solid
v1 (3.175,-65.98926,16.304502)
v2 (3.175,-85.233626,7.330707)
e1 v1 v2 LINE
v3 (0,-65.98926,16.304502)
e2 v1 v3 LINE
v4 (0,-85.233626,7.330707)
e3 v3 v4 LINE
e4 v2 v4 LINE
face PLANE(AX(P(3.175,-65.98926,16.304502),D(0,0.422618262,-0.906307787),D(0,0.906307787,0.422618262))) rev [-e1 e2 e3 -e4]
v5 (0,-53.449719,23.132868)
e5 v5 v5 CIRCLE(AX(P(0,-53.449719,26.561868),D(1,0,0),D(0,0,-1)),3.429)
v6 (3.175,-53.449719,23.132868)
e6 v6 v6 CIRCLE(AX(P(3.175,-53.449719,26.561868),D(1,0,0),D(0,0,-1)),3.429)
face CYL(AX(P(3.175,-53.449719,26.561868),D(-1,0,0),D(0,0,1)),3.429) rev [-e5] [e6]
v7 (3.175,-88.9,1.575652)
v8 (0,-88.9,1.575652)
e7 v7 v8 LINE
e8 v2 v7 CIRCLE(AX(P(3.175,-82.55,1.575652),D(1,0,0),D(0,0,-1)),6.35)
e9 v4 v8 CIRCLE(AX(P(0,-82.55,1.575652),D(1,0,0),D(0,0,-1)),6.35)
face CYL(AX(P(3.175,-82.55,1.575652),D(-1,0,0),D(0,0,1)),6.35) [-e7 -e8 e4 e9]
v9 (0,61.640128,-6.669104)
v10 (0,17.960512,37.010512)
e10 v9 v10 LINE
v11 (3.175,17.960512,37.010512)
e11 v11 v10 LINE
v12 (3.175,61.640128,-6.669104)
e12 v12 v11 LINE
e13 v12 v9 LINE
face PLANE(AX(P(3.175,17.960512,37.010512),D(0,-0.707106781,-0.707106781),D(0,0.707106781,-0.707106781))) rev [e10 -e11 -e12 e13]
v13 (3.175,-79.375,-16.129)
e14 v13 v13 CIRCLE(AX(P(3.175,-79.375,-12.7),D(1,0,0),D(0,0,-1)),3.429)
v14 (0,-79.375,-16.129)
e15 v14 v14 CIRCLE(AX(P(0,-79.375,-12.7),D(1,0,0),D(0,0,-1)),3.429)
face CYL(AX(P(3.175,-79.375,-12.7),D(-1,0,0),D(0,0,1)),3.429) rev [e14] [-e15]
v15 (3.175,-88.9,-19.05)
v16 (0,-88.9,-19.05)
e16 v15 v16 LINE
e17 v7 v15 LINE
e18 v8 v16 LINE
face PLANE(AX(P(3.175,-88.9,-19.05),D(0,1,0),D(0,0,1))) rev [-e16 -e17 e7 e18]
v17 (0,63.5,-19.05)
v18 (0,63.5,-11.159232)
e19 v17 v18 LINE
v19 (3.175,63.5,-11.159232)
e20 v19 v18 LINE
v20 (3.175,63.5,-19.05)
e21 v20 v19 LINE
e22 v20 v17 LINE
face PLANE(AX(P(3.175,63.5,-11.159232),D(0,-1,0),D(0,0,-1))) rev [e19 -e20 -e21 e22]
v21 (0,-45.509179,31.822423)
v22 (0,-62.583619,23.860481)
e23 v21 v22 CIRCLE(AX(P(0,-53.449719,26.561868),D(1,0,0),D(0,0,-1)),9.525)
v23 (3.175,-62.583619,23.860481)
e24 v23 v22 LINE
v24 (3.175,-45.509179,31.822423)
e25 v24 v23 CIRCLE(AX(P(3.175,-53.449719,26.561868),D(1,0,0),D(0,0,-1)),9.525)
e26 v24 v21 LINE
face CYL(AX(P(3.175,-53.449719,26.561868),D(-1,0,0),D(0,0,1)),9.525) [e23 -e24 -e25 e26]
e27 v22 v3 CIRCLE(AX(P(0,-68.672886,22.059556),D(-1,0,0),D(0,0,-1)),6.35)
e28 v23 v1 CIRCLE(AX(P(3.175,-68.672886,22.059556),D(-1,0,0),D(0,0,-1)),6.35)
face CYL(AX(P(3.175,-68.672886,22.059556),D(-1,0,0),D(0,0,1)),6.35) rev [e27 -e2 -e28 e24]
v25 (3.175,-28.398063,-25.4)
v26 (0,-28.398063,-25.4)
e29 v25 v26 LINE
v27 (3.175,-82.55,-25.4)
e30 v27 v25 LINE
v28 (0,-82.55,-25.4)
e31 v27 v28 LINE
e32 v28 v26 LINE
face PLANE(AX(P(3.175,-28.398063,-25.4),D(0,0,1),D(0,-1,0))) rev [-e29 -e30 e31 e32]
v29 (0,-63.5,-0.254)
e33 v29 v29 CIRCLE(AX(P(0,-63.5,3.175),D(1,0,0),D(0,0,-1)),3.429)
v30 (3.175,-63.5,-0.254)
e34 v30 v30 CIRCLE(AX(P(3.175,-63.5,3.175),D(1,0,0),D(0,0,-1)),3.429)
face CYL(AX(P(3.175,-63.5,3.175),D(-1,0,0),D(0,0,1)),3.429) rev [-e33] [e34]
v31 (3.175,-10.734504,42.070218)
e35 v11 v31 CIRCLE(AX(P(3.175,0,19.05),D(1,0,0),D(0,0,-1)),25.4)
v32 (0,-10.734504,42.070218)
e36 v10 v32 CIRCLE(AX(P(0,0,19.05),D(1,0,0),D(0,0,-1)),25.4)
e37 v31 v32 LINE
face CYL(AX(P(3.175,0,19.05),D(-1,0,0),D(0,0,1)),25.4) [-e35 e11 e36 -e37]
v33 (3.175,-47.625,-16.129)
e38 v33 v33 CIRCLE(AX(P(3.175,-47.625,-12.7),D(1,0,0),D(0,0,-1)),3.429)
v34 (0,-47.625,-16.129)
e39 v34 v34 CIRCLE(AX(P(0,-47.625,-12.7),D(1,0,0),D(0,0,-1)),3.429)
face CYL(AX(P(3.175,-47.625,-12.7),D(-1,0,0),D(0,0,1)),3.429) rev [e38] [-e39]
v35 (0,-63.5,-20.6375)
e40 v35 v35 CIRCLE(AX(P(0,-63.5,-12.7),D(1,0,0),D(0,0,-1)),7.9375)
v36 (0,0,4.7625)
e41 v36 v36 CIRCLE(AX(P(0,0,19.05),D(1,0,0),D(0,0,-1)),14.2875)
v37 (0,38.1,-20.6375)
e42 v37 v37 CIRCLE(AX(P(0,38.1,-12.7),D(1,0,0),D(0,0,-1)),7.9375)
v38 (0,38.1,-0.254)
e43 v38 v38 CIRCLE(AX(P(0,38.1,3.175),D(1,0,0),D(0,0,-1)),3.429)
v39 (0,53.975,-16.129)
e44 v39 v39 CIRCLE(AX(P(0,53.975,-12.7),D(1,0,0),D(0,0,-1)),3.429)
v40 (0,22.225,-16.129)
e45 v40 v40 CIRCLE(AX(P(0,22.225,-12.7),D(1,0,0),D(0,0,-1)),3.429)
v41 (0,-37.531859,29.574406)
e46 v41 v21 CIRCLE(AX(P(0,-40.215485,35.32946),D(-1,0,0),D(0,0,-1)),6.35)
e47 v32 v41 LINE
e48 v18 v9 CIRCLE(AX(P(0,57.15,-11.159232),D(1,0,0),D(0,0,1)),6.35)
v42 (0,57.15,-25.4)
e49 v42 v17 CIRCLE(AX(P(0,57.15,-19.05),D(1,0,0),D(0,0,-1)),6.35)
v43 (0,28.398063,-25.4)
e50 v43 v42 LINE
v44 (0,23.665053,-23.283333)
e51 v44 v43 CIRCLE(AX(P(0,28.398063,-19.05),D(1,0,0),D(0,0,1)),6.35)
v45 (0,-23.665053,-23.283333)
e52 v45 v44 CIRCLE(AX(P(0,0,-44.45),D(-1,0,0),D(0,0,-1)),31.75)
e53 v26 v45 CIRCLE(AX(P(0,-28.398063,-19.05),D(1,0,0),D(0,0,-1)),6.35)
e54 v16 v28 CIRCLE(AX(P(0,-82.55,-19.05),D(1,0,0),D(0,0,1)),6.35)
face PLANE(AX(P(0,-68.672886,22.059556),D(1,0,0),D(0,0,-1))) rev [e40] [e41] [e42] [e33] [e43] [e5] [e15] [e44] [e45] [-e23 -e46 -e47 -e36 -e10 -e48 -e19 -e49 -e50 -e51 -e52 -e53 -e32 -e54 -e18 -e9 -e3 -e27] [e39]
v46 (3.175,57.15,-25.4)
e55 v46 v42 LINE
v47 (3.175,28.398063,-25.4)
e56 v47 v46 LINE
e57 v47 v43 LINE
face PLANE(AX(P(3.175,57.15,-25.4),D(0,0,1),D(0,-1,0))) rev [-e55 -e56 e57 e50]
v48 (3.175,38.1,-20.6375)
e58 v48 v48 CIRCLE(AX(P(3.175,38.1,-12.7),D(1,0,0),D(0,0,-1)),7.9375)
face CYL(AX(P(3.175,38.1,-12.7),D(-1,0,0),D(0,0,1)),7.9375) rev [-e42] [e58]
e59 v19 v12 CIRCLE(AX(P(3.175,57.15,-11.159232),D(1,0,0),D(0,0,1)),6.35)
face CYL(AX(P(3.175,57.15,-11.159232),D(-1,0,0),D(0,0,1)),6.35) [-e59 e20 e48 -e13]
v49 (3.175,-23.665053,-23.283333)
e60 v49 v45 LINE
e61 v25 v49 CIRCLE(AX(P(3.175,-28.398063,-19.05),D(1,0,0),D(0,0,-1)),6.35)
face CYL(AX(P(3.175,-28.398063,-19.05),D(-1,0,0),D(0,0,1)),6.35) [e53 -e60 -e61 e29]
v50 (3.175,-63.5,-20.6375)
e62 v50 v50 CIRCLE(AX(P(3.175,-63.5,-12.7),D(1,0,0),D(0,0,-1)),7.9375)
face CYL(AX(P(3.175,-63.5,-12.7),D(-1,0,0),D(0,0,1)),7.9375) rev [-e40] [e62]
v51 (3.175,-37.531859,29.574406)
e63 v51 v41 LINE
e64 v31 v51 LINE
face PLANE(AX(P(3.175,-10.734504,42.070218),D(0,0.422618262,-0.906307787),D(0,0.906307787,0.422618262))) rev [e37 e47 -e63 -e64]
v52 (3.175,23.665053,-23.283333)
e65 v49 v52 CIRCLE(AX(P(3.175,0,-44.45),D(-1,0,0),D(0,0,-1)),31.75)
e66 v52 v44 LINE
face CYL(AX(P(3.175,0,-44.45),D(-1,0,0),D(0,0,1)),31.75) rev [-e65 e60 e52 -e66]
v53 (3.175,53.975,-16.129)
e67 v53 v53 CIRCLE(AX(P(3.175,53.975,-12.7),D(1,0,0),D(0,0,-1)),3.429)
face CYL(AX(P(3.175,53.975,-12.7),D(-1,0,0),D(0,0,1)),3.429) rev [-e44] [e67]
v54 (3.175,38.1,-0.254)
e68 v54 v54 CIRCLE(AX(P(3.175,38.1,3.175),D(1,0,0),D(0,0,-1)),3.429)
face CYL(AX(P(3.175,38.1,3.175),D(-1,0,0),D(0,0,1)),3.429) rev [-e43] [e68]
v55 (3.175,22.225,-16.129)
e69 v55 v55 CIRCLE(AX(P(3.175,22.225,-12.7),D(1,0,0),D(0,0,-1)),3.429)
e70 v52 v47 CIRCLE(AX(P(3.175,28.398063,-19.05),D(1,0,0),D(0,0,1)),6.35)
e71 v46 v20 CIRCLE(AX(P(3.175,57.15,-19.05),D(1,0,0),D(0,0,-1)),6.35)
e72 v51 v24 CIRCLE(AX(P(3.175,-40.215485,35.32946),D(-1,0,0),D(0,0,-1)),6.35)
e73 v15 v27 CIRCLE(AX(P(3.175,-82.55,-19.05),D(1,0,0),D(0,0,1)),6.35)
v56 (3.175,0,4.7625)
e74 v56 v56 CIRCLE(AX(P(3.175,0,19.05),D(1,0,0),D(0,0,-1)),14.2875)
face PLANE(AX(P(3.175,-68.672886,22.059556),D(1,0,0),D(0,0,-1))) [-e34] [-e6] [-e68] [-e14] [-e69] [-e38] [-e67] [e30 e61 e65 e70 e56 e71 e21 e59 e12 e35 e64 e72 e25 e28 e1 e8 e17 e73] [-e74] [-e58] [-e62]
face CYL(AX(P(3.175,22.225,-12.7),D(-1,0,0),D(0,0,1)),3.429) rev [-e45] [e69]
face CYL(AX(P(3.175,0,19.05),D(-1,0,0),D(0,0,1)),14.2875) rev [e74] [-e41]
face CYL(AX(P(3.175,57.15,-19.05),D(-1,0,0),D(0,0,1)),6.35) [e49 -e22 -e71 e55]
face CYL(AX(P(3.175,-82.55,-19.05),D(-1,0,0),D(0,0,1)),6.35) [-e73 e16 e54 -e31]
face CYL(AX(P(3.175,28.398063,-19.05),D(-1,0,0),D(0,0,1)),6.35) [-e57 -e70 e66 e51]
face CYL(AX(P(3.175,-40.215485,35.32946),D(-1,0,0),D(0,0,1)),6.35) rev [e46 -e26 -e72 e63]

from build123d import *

# Parameters (mm, degrees)
SKETCH1_R           = 14.2875
SKETCH1_R_2         = 7.9375
SKETCH1_R_3         = 3.429
BOSS_EXTRUDE1_DEPTH = 3.175


with BuildPart() as part:
    # Sketch1 → Boss-Extrude1 (new body)
    with BuildSketch(Plane(origin=(0, 0, 0), x_dir=(0, 0, -1), z_dir=(1, 0, 0))):
        with BuildLine():
            Line((25.4, 57.15), (25.4, 28.398063314))
            ThreePointArc((25.4, 28.398063314), (24.8467304, 25.80568667), (23.283333333, 23.665052762))
            ThreePointArc((23.283333333, 23.665052762), (12.7, 0), (23.283333333, -23.665052762))
            ThreePointArc((23.283333333, -23.665052762), (24.8467304, -25.80568667), (25.4, -28.398063314))
            Line((25.4, -28.398063314), (25.4, -82.55))
            ThreePointArc((25.4, -82.55), (23.540128061, -87.040128061), (19.05, -88.9))
            Line((19.05, -88.9), (-1.575652176, -88.9))
            ThreePointArc((-1.575652176, -88.9), (-4.987504689, -87.905535681), (-7.330706623, -85.233625962))
            Line((-7.330706623, -85.233625962), (-16.304501832, -65.989260033))
            ThreePointArc((-16.304501832, -65.989260033), (-19.450268482, -62.883748133), (-23.860481018, -62.583619201))
            ThreePointArc((-23.860481018, -62.583619201), (-35.194449796, -57.475157953), (-31.822423449, -45.509178558))
            ThreePointArc((-31.822423449, -45.509178558), (-29.217505575, -41.937840594), (-29.574405884, -37.53185896))
            Line((-29.574405884, -37.53185896), (-42.070217791, -10.734503848))
            ThreePointArc((-42.070217791, -10.734503848), (-44.064116927, 4.410663713), (-37.010512242, 17.960512242))
            Line((-37.010512242, 17.960512242), (6.669103576, 61.640128061))
            ThreePointArc((6.669103576, 61.640128061), (8.729191841, 63.016635031), (11.159231637, 63.5))
            Line((11.159231637, 63.5), (19.05, 63.5))
            ThreePointArc((19.05, 63.5), (23.540128061, 61.640128061), (25.4, 57.15))
        make_face()
        with Locations((-19.05, 0)):
            Circle(SKETCH1_R, mode=Mode.SUBTRACT)
        with Locations((12.7, 38.1)):
            Circle(SKETCH1_R_2, mode=Mode.SUBTRACT)
        with Locations((12.7, -63.5)):
            Circle(SKETCH1_R_2, mode=Mode.SUBTRACT)
        with Locations((-26.561868124, -53.44971901)):
            Circle(SKETCH1_R_3, mode=Mode.SUBTRACT)
        with Locations((12.7, 53.975)):
            Circle(SKETCH1_R_3, mode=Mode.SUBTRACT)
        with Locations((-3.175, -63.5)):
            Circle(SKETCH1_R_3, mode=Mode.SUBTRACT)
        with Locations((12.7, -47.625)):
            Circle(SKETCH1_R_3, mode=Mode.SUBTRACT)
        with Locations((12.7, -79.375)):
            Circle(SKETCH1_R_3, mode=Mode.SUBTRACT)
        with Locations((-3.175, 38.1)):
            Circle(SKETCH1_R_3, mode=Mode.SUBTRACT)
        with Locations((12.7, 22.225)):
            Circle(SKETCH1_R_3, mode=Mode.SUBTRACT)
    extrude(amount=BOSS_EXTRUDE1_DEPTH)


solid = part.part
